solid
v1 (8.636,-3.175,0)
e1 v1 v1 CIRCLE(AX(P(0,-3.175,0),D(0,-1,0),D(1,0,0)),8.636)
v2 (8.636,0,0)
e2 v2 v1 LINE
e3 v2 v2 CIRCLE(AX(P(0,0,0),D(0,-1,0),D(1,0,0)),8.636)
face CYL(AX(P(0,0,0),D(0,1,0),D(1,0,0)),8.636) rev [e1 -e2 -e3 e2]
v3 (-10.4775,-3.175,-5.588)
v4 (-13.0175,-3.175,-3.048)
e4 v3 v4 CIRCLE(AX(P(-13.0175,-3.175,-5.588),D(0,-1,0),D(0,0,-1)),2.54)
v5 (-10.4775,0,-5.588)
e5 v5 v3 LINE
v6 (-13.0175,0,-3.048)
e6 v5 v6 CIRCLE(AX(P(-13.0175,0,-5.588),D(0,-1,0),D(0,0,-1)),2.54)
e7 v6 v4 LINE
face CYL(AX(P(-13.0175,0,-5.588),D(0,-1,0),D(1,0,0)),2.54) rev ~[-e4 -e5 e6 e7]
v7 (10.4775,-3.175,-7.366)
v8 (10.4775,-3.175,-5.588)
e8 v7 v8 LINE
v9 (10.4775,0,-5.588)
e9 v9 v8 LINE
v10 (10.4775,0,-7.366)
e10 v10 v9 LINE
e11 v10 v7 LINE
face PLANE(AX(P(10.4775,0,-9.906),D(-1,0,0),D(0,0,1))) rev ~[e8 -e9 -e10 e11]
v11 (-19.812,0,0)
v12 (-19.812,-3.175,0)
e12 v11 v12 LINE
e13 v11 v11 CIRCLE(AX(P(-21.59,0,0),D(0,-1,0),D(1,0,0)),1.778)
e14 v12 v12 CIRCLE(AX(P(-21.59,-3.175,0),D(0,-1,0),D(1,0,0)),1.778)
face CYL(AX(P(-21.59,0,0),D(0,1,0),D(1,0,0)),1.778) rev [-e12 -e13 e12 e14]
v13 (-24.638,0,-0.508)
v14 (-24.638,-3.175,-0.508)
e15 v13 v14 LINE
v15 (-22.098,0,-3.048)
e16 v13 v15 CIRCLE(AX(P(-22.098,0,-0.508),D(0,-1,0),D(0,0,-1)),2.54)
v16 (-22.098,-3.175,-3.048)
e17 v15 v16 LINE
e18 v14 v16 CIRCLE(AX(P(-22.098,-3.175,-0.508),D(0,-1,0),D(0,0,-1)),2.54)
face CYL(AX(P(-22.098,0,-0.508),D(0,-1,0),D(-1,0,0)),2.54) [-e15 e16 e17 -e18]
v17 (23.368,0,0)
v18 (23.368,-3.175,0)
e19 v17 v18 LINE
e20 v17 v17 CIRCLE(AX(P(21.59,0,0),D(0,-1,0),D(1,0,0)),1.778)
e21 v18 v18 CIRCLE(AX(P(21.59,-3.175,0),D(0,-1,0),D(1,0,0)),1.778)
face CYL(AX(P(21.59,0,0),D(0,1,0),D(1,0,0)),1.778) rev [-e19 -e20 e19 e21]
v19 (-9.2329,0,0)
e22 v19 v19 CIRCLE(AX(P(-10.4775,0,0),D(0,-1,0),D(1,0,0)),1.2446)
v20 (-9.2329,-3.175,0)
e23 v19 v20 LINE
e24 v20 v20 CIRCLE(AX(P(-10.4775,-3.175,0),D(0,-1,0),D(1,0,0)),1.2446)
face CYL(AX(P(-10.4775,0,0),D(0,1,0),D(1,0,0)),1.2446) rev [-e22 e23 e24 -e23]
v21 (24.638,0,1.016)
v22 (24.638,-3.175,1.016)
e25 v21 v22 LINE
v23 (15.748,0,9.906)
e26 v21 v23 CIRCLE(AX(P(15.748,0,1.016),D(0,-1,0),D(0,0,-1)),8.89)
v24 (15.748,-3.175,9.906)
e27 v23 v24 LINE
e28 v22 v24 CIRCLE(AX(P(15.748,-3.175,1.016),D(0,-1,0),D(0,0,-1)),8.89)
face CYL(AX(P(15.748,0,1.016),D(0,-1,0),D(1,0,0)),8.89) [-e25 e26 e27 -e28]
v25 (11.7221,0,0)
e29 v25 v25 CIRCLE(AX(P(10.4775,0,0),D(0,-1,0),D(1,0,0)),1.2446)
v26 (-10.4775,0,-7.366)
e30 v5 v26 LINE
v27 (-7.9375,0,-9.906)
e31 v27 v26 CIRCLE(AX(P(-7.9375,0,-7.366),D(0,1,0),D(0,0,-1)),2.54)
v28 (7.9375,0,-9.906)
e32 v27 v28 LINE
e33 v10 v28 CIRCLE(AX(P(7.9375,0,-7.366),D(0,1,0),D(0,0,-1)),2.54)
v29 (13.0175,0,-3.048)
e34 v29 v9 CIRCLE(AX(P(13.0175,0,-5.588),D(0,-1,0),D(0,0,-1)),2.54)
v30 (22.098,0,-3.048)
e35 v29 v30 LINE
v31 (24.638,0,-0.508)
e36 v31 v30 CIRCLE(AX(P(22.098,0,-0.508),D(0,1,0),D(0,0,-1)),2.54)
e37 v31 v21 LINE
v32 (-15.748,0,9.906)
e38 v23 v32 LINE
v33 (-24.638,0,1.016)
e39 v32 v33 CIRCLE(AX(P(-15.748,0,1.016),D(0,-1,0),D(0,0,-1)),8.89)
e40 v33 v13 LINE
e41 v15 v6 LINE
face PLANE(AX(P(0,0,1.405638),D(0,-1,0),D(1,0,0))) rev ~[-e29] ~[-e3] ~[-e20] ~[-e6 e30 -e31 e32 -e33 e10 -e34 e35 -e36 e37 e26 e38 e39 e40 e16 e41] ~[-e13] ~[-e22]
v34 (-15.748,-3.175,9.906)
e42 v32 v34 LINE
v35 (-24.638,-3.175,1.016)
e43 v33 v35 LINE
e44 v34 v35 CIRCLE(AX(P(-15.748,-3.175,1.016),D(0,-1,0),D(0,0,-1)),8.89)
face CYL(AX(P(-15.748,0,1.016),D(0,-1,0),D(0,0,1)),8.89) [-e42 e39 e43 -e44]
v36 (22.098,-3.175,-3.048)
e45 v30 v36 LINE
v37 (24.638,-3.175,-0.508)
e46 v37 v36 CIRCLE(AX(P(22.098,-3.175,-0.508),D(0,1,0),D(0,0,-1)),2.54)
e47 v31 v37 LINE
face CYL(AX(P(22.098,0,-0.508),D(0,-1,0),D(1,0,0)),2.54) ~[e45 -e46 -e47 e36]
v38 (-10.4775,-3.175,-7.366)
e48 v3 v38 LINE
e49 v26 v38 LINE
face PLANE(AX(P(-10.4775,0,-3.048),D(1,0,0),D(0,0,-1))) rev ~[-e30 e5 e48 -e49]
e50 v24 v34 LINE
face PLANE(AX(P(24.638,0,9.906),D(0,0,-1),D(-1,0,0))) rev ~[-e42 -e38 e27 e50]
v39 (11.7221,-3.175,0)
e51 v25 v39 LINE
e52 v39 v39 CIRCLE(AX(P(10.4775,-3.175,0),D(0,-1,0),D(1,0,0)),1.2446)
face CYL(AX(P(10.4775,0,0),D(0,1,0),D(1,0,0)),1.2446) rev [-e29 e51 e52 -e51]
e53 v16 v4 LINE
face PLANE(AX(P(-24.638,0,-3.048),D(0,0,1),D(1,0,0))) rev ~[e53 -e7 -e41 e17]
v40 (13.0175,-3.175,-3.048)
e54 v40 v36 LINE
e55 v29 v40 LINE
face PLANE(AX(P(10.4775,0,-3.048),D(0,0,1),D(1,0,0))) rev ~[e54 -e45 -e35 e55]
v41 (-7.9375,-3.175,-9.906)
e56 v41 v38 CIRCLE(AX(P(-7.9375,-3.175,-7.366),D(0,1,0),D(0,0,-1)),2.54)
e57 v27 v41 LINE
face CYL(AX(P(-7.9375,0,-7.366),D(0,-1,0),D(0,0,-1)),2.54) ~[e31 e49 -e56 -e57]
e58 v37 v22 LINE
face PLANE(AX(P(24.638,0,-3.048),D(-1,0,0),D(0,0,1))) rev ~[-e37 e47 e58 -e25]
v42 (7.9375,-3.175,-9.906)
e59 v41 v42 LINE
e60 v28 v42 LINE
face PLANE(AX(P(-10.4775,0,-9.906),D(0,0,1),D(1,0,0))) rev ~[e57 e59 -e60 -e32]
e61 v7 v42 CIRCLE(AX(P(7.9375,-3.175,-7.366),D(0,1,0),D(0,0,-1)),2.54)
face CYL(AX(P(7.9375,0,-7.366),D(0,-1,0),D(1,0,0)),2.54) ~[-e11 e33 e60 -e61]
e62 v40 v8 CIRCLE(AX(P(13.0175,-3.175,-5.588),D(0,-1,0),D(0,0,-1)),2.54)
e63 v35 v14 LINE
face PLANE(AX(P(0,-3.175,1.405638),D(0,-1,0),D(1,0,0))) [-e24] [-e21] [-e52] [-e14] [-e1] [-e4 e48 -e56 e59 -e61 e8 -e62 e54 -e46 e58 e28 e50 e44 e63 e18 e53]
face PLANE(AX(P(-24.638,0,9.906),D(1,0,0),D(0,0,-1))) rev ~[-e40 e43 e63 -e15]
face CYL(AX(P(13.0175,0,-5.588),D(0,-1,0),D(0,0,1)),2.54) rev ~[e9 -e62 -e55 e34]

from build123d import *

# Parameters (mm, degrees)
F0_R     = 1.778
F0_R_2   = 1.2446
F0_R_3   = 8.636
F1_DEPTH = 3.175
F2_R     = 8.89
F3_R     = 2.54


with BuildPart() as f1:
    # F0 (on Front) → F1 (new body)
    with BuildSketch(Plane.XZ):
        Polygon((24.638, -3.048), (24.638, 9.906), (-24.638, 9.906), (-24.638, -3.048), (-10.4775, -3.048), (-10.4775, -9.906), (10.4775, -9.906), (10.4775, -3.048), align=None)
        with Locations((-21.59, 0)):
            Circle(F0_R, mode=Mode.SUBTRACT)
        with Locations((-10.4775, 0)):
            Circle(F0_R_2, mode=Mode.SUBTRACT)
        Circle(F0_R_3, mode=Mode.SUBTRACT)
        with Locations((10.4775, 0)):
            Circle(F0_R_2, mode=Mode.SUBTRACT)
        with Locations((21.59, 0)):
            Circle(F0_R, mode=Mode.SUBTRACT)
    extrude(amount=F1_DEPTH)

    # F2
    f2_edges = [f1.edges().sort_by_distance(p)[0] for p in [
        (-24.638, -1.5875, 9.906),
        (24.638, -1.5875, 9.906),
    ]]
    fillet(f2_edges, radius=F2_R)

    # F3
    f3_edges = [f1.edges().sort_by_distance(p)[0] for p in [
        (-24.638, -1.5875, -3.048),
        (-10.4775, -1.5875, -3.048),
        (-10.4775, -1.5875, -9.906),
        (10.4775, -1.5875, -9.906),
        (24.638, -1.5875, -3.048),
        (10.4775, -1.5875, -3.048),
    ]]
    fillet(f3_edges, radius=F3_R)


solid = f1.part
